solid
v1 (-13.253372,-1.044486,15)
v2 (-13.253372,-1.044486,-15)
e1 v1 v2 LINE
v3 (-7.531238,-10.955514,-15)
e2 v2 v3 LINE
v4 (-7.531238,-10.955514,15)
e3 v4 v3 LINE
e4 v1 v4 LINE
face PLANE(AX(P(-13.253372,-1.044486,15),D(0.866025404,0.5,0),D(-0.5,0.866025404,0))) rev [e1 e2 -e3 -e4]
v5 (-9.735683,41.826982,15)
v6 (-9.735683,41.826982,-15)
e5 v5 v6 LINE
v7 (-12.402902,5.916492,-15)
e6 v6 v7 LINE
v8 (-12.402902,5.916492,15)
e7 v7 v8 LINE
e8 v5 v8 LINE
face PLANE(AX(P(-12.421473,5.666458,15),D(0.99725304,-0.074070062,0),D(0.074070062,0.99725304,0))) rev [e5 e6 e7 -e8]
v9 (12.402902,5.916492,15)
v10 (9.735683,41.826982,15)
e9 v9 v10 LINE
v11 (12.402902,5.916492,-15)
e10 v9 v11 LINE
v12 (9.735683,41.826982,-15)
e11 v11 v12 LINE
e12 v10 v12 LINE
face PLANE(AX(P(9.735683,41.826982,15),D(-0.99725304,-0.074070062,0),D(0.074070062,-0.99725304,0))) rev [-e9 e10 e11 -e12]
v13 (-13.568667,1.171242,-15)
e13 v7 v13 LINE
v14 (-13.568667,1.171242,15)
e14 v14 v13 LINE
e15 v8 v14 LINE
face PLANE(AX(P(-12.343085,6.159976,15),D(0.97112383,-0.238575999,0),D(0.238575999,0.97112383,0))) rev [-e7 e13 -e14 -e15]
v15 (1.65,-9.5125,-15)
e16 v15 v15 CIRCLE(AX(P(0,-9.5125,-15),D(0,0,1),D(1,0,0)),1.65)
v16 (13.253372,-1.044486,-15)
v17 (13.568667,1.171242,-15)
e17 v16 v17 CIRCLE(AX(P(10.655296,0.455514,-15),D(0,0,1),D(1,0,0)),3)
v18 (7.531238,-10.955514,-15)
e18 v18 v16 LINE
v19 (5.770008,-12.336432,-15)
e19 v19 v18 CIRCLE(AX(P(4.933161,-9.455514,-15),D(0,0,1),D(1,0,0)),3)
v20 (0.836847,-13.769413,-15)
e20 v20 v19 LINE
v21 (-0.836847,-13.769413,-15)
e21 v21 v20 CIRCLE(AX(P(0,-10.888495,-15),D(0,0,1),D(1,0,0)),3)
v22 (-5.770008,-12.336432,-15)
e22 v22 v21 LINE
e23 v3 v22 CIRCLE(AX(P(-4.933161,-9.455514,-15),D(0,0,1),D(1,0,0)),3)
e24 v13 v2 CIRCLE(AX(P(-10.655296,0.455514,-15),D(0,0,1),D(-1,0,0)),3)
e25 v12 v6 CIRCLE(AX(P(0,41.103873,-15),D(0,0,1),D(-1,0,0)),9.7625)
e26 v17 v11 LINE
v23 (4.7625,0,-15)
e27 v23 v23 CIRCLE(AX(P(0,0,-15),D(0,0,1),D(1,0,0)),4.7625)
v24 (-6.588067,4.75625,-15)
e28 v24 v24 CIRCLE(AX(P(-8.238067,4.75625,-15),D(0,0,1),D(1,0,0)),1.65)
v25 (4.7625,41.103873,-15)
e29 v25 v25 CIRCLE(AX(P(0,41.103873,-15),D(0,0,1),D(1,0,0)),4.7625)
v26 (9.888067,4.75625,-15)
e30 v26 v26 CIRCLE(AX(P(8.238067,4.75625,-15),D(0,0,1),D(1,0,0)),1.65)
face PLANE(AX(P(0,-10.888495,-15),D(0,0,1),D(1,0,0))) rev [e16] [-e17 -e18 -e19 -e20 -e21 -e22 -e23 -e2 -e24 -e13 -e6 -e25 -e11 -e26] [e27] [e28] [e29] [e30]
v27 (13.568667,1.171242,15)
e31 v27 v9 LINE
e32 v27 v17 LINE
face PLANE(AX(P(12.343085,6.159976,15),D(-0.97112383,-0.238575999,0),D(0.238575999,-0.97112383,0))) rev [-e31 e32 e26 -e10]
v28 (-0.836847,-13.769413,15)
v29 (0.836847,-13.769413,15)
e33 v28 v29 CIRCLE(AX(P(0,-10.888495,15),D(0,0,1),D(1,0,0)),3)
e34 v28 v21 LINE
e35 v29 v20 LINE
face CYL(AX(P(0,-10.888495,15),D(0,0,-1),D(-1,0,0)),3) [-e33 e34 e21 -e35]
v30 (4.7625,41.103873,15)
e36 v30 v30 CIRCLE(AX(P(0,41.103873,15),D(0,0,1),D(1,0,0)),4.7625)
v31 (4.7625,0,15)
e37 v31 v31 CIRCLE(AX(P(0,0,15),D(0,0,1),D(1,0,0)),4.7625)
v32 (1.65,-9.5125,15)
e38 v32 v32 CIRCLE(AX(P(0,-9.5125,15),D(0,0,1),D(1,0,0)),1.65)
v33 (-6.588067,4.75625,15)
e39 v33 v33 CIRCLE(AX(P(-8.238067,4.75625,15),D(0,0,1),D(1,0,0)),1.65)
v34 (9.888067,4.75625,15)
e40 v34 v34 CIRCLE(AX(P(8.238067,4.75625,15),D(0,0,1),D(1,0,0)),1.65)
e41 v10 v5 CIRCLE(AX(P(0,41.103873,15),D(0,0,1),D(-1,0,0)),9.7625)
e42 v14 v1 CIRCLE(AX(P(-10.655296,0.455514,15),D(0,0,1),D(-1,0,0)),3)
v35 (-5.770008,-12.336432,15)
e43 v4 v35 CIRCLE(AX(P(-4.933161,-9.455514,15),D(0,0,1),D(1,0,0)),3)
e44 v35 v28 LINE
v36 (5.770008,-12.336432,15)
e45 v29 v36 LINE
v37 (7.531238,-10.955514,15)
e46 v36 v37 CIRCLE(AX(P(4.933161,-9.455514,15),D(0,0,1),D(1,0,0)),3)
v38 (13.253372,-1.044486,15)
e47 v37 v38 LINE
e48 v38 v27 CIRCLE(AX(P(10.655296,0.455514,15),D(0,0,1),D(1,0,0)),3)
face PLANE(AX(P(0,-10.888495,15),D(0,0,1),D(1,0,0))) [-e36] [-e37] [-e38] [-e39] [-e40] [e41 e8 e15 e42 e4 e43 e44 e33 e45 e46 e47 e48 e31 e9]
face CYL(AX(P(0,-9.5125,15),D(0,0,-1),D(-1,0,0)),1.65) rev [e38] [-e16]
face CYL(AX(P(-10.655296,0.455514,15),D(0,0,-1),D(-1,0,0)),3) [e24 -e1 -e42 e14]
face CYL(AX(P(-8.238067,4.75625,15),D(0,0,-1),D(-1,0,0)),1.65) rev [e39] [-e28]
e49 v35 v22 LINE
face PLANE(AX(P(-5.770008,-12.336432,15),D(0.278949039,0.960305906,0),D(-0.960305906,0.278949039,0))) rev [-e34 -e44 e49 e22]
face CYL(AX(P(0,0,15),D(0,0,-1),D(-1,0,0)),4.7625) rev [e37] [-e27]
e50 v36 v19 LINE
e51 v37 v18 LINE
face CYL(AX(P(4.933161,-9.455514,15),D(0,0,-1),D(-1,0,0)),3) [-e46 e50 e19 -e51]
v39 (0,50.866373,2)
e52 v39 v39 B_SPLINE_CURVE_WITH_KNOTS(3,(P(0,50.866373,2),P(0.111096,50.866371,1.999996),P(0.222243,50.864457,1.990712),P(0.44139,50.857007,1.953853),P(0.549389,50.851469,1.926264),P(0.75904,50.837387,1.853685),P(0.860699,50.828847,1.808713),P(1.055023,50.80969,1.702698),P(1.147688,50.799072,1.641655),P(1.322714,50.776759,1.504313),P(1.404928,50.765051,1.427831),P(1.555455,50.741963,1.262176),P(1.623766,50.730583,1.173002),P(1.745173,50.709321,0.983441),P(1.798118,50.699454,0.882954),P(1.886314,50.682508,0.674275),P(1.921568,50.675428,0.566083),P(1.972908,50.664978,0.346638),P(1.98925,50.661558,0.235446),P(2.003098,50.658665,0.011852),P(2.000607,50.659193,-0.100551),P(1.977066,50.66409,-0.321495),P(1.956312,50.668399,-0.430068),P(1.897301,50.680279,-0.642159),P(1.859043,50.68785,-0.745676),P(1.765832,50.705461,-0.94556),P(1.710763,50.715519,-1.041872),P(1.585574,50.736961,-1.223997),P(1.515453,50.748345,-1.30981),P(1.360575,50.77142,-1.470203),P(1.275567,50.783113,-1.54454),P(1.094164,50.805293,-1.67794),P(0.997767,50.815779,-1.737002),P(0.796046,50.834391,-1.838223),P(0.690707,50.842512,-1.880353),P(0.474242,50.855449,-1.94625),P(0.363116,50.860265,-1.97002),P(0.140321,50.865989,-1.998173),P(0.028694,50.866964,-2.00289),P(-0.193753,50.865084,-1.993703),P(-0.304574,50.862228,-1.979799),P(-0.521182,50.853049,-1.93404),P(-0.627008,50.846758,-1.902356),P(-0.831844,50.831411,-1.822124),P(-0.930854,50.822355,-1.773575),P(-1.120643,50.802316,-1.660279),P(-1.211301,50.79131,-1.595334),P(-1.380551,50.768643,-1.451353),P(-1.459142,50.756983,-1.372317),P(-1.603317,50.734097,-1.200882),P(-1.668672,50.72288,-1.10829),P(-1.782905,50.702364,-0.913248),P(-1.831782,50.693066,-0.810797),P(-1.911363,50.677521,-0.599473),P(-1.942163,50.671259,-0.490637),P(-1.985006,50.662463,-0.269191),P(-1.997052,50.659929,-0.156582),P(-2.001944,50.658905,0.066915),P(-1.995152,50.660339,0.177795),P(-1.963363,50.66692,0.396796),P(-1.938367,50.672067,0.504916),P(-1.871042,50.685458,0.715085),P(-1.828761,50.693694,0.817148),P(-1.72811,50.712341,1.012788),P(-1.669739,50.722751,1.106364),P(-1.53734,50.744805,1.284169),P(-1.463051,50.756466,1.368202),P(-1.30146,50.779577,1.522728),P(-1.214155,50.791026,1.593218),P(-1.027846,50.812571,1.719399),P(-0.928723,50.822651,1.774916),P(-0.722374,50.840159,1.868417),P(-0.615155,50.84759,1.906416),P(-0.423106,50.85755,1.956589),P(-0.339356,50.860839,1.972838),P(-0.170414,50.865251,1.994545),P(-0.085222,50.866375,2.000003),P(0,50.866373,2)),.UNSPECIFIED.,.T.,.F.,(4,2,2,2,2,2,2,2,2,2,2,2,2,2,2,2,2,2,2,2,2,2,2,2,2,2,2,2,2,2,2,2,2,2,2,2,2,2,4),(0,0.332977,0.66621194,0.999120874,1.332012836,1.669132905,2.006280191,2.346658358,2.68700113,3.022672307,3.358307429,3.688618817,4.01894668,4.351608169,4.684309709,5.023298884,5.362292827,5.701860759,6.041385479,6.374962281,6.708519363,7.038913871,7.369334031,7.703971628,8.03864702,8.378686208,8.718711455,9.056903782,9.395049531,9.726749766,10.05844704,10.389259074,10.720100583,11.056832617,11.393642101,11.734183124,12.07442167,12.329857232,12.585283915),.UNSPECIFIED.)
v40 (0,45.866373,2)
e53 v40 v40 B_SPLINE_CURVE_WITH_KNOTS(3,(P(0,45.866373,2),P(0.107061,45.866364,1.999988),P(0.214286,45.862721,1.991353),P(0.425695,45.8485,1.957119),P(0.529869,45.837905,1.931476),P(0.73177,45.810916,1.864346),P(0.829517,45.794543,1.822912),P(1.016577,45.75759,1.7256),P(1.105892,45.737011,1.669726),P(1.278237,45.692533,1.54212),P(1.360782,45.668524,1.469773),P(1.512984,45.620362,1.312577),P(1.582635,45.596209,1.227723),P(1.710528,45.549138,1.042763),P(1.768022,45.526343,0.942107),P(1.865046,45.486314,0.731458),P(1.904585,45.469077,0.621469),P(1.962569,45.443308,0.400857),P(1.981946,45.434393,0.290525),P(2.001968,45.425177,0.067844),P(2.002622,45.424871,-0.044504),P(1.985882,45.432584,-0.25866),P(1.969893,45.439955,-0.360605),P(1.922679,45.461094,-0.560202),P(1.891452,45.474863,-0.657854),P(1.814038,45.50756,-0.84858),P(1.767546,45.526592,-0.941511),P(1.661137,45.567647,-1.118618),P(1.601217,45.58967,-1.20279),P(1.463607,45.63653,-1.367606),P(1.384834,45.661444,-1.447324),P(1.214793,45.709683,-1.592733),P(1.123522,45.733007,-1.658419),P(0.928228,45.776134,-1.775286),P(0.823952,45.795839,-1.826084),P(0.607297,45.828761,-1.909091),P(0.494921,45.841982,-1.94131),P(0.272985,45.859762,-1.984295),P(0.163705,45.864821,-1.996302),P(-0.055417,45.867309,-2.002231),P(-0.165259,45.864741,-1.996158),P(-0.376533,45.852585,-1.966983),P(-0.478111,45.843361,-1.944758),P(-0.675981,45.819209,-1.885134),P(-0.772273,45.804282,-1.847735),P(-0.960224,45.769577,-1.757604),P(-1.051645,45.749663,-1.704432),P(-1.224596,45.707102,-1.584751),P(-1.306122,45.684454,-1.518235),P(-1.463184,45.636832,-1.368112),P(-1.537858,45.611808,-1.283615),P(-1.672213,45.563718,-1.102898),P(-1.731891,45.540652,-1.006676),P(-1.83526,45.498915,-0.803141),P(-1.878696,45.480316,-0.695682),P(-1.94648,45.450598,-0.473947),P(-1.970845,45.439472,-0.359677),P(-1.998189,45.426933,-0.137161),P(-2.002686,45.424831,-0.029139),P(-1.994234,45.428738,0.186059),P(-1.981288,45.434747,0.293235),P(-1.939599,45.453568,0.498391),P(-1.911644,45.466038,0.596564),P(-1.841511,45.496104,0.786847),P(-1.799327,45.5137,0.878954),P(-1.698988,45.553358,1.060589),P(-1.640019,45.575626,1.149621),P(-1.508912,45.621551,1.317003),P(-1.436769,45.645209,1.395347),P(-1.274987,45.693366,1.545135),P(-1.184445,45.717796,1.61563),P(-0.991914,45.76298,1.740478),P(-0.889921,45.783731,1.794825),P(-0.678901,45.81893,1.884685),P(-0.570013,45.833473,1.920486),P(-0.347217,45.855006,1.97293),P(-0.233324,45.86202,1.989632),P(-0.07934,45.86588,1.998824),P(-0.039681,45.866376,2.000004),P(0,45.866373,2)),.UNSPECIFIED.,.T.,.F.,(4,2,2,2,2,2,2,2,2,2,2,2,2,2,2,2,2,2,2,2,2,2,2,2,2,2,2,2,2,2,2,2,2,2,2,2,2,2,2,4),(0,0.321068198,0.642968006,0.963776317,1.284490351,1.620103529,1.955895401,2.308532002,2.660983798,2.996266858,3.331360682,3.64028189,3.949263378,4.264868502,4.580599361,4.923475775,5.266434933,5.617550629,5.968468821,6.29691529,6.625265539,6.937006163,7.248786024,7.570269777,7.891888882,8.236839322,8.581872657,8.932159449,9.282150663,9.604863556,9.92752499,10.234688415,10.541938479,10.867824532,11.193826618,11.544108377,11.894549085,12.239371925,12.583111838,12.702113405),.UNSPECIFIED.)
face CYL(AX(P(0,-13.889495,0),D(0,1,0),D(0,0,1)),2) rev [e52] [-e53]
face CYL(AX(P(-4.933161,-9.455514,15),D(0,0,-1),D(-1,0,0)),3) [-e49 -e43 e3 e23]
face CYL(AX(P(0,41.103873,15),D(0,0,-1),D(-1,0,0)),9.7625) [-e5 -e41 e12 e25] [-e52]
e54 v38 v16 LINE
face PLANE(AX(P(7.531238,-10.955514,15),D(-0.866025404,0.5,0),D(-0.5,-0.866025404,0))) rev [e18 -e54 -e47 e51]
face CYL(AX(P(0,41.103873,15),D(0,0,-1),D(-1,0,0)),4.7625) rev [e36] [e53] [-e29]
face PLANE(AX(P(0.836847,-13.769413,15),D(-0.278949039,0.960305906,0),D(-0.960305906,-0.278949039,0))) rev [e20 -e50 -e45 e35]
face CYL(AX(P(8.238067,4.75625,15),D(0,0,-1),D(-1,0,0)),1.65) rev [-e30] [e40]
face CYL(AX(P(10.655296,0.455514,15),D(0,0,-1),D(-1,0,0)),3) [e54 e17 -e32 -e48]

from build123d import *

# Parameters (mm, degrees)
SKETCH1_R           = 4.7625
SKETCH1_R_2         = 1.65
BOSS_EXTRUDE1_DEPTH = 15
SKETCH2_R           = 4.7625
BOSS_EXTRUDE2_DEPTH = 15
CUT_EXTRUDE1_REACH  = 66.755
SKETCH3_R           = 2


with BuildPart() as part:
    # Sketch1 → Boss-Extrude1 (new body, symmetric)
    with BuildSketch(Plane.XY):
        with BuildLine():
            Line((-13.253372163, -1.044486042), (-7.531237528, -10.955513958))
            ThreePointArc((-7.531237528, -10.955513958), (-6.784217233, -11.816359568), (-5.770008435, -12.336431676))
            Line((-5.770008435, -12.336431676), (-0.836847118, -13.76941319))
            ThreePointArc((-0.836847118, -13.76941319), (0, -13.888495471), (0.836847118, -13.76941319))
            Line((0.836847118, -13.76941319), (5.770008435, -12.336431676))
            ThreePointArc((5.770008435, -12.336431676), (6.784217233, -11.816359568), (7.531237528, -10.955513958))
            Line((7.531237528, -10.955513958), (13.253372163, -1.044486042))
            ThreePointArc((13.253372163, -1.044486042), (13.625376182, 0.032875315), (13.568667441, 1.171241953))
            Line((13.568667441, 1.171241953), (12.343085176, 6.159975731))
            ThreePointArc((12.343085176, 6.159975731), (12.027789898, 6.944247736), (11.506238058, 7.609437458))
            Line((11.506238058, 7.609437458), (7.798659006, 11.165189723))
            ThreePointArc((7.798659006, 11.165189723), (6.841158949, 11.783484253), (5.722134635, 12))
            Line((5.722134635, 12), (-5.722134635, 12))
            ThreePointArc((-5.722134635, 12), (-6.841158949, 11.783484253), (-7.798659006, 11.165189723))
            Line((-7.798659006, 11.165189723), (-11.506238058, 7.609437458))
            ThreePointArc((-11.506238058, 7.609437458), (-12.027789898, 6.944247736), (-12.343085176, 6.159975731))
            Line((-12.343085176, 6.159975731), (-13.568667441, 1.171241953))
            ThreePointArc((-13.568667441, 1.171241953), (-13.625376182, 0.032875315), (-13.253372163, -1.044486042))
        make_face()
        Circle(SKETCH1_R, mode=Mode.SUBTRACT)
        with Locations((-8.238066653, 4.75625)):
            Circle(SKETCH1_R_2, mode=Mode.SUBTRACT)
        with Locations((8.238066653, 4.75625)):
            Circle(SKETCH1_R_2, mode=Mode.SUBTRACT)
        with Locations((0, -9.5125)):
            Circle(SKETCH1_R_2, mode=Mode.SUBTRACT)
    extrude(amount=BOSS_EXTRUDE1_DEPTH, both=True)

    # Sketch2 → Boss-Extrude2 (add, symmetric)
    with BuildSketch(Plane.XY):
        with BuildLine():
            Line((-12.421472807, 5.666457921), (-9.735682804, 41.826981922))
            ThreePointArc((-9.735682804, 41.826981922), (0, 50.866372944), (9.735682804, 41.826981922))
            Line((9.735682804, 41.826981922), (12.421472807, 5.666457921))
            Line((12.421472807, 5.666457921), (0, 12))
            Line((0, 12), (-12.421472807, 5.666457921))
        make_face()
        with Locations((0, 41.103872944)):
            Circle(SKETCH2_R, mode=Mode.SUBTRACT)
    extrude(amount=BOSS_EXTRUDE2_DEPTH, both=True)

    # Sketch3 → Cut-Extrude1 (cut, up to next)
    with BuildSketch(Plane(origin=(0, 50.866372944, 0), x_dir=(1, 0, 0), z_dir=(0, 1, 0)), mode=Mode.PRIVATE) as cut_extrude1_sk1:
        Circle(SKETCH3_R)
    cut_extrude1_tool1 = extrude(cut_extrude1_sk1.sketch, amount=-CUT_EXTRUDE1_REACH, mode=Mode.PRIVATE) & part.part
    add(cut_extrude1_tool1.solids().sort_by_distance((0, 50.866373, 0))[0], mode=Mode.SUBTRACT)


solid = part.part
